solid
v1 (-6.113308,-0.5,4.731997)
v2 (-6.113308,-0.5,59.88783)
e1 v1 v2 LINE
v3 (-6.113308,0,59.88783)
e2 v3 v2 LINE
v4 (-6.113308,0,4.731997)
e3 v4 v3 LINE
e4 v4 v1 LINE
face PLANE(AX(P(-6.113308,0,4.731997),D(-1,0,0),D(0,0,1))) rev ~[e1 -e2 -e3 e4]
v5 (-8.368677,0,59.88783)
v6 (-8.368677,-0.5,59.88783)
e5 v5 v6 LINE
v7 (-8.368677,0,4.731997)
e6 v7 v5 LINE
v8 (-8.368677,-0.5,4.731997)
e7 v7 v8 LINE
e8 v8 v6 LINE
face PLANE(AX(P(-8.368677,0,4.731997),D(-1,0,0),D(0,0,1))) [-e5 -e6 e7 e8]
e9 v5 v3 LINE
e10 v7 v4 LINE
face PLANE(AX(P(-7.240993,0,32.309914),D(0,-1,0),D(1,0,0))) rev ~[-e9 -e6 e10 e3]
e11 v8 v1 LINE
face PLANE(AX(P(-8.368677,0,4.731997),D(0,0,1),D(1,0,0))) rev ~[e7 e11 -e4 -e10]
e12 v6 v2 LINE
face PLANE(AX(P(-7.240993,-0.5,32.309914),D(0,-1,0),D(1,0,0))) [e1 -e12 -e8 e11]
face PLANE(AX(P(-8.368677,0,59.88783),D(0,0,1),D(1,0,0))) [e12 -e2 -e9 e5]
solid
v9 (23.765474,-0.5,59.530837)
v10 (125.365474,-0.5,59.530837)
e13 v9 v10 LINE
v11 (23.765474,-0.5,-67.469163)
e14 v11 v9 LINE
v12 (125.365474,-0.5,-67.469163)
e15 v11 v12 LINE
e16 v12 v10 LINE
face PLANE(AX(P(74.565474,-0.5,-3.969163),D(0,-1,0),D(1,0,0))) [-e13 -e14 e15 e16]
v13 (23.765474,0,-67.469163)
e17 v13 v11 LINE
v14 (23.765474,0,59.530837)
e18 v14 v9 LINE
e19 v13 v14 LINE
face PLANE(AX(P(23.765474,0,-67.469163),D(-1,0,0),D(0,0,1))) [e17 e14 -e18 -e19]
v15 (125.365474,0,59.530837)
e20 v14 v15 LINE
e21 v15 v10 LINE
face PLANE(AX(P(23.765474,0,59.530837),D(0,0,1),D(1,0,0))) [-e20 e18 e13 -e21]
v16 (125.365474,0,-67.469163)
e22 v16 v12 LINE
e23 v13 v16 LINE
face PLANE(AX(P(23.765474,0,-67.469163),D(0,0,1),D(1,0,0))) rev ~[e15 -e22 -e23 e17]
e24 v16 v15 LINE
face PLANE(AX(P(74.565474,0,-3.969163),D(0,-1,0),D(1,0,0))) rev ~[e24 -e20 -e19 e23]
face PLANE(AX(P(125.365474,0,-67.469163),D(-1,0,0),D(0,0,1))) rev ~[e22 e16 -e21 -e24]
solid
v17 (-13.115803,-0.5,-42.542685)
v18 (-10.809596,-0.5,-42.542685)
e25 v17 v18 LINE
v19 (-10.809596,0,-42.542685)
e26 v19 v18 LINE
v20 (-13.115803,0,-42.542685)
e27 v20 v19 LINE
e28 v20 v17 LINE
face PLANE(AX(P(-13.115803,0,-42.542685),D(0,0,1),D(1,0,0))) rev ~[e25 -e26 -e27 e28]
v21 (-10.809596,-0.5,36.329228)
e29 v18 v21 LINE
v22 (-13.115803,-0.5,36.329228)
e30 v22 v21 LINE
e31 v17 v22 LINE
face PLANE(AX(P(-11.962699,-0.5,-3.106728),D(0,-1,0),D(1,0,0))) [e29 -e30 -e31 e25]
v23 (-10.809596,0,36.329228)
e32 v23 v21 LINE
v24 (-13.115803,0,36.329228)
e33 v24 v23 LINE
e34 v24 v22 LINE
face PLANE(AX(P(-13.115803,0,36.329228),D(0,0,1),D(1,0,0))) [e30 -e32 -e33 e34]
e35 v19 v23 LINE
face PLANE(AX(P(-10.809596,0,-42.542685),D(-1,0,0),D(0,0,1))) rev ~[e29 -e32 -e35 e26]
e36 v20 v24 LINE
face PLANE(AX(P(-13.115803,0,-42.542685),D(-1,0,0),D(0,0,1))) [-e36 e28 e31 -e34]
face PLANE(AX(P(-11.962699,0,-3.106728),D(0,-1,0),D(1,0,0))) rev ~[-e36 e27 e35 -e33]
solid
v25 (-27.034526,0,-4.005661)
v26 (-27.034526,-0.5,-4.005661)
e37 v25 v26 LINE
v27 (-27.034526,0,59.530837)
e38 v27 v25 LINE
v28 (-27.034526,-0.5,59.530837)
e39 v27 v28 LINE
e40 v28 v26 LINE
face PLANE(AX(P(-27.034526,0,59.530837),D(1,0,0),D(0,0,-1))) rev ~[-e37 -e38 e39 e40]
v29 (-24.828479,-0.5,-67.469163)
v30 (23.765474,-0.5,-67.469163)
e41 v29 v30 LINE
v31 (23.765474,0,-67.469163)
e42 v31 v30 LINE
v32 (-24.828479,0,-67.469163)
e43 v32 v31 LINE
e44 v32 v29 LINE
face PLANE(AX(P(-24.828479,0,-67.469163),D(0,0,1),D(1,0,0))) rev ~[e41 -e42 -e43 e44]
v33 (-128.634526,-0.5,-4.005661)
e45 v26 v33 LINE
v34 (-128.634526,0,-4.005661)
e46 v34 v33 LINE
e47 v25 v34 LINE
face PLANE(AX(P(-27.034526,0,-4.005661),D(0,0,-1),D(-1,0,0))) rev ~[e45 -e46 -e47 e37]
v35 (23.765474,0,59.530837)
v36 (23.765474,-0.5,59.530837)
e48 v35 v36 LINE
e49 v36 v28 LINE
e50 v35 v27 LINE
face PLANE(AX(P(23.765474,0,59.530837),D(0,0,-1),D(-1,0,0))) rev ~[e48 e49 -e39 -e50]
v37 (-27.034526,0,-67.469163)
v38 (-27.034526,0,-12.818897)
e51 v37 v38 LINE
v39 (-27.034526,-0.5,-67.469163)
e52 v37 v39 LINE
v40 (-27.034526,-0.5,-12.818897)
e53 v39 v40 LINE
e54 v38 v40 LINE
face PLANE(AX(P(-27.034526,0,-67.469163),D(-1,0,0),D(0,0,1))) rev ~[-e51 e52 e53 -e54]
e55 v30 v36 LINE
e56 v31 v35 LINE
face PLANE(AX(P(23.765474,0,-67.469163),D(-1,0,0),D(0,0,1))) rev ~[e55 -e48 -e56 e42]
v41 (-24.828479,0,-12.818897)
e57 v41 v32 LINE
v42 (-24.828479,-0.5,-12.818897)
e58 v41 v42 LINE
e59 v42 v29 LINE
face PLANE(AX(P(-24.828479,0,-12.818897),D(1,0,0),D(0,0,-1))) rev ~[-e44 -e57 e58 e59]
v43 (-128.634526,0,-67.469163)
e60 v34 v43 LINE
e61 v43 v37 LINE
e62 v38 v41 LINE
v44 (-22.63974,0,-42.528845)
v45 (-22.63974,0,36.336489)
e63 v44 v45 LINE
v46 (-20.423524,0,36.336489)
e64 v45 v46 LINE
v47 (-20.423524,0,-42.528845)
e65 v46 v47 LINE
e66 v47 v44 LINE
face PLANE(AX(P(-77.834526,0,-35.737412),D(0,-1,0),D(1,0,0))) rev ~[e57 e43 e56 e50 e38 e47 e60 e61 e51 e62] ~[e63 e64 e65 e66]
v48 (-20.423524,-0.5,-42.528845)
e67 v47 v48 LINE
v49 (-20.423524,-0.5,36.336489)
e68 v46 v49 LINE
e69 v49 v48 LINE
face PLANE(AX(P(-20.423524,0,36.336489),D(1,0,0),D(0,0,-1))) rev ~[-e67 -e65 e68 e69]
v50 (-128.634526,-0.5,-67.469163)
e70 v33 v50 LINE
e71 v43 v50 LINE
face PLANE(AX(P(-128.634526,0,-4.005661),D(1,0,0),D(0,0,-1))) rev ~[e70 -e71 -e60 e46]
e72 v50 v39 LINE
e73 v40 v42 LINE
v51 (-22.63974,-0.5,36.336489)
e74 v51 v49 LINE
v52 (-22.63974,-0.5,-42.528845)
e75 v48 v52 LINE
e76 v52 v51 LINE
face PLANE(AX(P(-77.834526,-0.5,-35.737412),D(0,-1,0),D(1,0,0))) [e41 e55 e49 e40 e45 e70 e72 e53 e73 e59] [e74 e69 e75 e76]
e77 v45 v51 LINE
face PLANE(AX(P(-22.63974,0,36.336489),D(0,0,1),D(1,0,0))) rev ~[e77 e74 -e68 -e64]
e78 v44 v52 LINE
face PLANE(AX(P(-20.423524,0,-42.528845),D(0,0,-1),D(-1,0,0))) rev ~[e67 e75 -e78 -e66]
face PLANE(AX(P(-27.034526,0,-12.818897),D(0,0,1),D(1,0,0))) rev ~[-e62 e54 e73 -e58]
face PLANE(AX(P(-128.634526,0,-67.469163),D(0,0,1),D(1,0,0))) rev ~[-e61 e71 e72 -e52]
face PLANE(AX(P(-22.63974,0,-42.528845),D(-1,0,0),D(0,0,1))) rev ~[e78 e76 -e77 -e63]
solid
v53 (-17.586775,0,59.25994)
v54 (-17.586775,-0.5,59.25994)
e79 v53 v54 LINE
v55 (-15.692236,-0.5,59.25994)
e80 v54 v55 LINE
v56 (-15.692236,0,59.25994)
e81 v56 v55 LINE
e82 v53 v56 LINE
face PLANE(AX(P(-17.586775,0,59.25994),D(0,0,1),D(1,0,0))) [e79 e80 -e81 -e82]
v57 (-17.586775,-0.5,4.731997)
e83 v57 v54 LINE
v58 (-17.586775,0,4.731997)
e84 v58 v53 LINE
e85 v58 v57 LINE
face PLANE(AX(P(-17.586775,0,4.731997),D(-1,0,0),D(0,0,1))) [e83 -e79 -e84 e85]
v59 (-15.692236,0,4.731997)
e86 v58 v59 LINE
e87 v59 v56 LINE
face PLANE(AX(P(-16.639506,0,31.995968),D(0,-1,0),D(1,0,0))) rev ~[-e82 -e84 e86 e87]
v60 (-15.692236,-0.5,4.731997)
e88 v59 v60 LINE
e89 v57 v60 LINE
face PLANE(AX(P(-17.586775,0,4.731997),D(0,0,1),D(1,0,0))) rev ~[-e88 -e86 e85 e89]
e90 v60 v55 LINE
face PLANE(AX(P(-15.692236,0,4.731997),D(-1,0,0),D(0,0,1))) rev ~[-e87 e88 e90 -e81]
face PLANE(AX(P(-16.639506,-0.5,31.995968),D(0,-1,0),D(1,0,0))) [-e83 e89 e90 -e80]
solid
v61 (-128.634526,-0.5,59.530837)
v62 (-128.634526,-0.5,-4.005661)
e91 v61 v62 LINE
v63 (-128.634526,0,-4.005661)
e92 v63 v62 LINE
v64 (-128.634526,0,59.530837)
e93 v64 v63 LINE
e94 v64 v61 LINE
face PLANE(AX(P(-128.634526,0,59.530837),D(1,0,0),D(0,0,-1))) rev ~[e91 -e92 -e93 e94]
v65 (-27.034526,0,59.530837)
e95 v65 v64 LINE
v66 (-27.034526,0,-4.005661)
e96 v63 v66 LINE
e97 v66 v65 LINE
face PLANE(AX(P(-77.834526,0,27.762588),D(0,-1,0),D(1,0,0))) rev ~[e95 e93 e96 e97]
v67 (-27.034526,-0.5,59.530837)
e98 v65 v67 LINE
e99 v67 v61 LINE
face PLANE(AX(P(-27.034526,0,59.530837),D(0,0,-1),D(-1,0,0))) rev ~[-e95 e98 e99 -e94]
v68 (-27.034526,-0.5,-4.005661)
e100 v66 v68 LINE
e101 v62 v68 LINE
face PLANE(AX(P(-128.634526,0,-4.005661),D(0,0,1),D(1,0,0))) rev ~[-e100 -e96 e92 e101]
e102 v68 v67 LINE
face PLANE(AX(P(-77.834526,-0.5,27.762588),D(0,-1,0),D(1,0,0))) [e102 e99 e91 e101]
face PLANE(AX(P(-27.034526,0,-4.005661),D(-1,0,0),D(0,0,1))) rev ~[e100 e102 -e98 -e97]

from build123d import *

# Parameters (mm, degrees)
F4_DEPTH = 0.5
F2_W     = 101.6
F2_H     = 127
F1_W     = 1.8945392221
F1_H     = 54.5279430225
F1_W_2   = 2.3062070832
F1_H_2   = 78.8719132543
F1_W_3   = 2.2553699091
F1_H_3   = 55.1558332518


with BuildPart() as f4:
    # F3 (on face) → F4 (new body)
    with BuildSketch(Plane.XZ):
        Polygon((-27.0345257595, 59.457840398), (-27.0345257595, 59.5308371335), (-128.6345257595, 59.5308371335), (-128.6345257595, -3.9691628665), (-128.6345257595, -4.0056612343), (-27.0345257595, -4.0056612343), (-27.0345257595, 4.8075746745), align=None)
    extrude(amount=F4_DEPTH)


with BuildPart() as f4b:
    # F0 (on Front) → F4, piece 2 (new body)
    with BuildSketch(Plane.XZ):
        Polygon((-27.0345257595, -4.0056612343), (-128.6345257595, -4.0056612343), (-128.6345257595, -67.4691628665), (-27.0345257595, -67.4691628665), (-27.0345257595, -12.818897143), align=None)
        Polygon((-1.6345257595, 59.5308371335), (-1.982816495, 59.5308371335), (-1.982816495, -4.0056612343), (-20.4235240817, -4.0056612343), (-20.4235240817, -42.5288453698), (-22.6397402585, -42.5288453698), (-22.6397402585, -4.0056612343), (-27.0345257595, -4.0056612343), (-27.0345257595, -12.818897143), (-24.828478694, -12.818897143), (-24.828478694, -67.4691628665), (23.7654742405, -67.4691628665), (23.7654742405, 59.5308371335), align=None)
        Polygon((-1.982816495, 59.5308371335), (-27.0345257595, 59.5308371335), (-27.0345257595, 59.457840398), (-27.0345257595, 4.8075746745), (-27.0345257595, -4.0056612343), (-22.6397402585, -4.0056612343), (-22.6397402585, 36.3364890218), (-20.4235240817, 36.3364890218), (-20.4235240817, -4.0056612343), (-1.982816495, -4.0056612343), align=None)
    extrude(amount=F4_DEPTH)


with BuildPart() as f4c:
    # F2 (on face) → F4, piece 3 (new body)
    with BuildSketch(Plane.XZ):
        with Locations((74.5654742405, -3.9691628665)):
            Rectangle(F2_W, F2_H)
    extrude(amount=F4_DEPTH)


with BuildPart() as f4d:
    # F1 (on face) → F4, piece 4 (new body)
    with BuildSketch(Plane.XZ):
        with Locations((-16.639505513, 31.9959684275)):
            Rectangle(F1_W, F1_H)
    extrude(amount=F4_DEPTH)


with BuildPart() as f4e:
    # F1 (on face) → F4, piece 5 (new body)
    with BuildSketch(Plane.XZ):
        with Locations((-11.9626992382, -3.1067281961)):
            Rectangle(F1_W_2, F1_H_2)
    extrude(amount=F4_DEPTH)


with BuildPart() as f4f:
    # F1 (on face) → F4, piece 6 (new body)
    with BuildSketch(Plane.XZ):
        with Locations((-7.2409925051, 32.3099135421)):
            Rectangle(F1_W_3, F1_H_3)
    extrude(amount=F4_DEPTH)


solid = Compound([f4.part, f4b.part, f4c.part, f4d.part, f4e.part, f4f.part])
